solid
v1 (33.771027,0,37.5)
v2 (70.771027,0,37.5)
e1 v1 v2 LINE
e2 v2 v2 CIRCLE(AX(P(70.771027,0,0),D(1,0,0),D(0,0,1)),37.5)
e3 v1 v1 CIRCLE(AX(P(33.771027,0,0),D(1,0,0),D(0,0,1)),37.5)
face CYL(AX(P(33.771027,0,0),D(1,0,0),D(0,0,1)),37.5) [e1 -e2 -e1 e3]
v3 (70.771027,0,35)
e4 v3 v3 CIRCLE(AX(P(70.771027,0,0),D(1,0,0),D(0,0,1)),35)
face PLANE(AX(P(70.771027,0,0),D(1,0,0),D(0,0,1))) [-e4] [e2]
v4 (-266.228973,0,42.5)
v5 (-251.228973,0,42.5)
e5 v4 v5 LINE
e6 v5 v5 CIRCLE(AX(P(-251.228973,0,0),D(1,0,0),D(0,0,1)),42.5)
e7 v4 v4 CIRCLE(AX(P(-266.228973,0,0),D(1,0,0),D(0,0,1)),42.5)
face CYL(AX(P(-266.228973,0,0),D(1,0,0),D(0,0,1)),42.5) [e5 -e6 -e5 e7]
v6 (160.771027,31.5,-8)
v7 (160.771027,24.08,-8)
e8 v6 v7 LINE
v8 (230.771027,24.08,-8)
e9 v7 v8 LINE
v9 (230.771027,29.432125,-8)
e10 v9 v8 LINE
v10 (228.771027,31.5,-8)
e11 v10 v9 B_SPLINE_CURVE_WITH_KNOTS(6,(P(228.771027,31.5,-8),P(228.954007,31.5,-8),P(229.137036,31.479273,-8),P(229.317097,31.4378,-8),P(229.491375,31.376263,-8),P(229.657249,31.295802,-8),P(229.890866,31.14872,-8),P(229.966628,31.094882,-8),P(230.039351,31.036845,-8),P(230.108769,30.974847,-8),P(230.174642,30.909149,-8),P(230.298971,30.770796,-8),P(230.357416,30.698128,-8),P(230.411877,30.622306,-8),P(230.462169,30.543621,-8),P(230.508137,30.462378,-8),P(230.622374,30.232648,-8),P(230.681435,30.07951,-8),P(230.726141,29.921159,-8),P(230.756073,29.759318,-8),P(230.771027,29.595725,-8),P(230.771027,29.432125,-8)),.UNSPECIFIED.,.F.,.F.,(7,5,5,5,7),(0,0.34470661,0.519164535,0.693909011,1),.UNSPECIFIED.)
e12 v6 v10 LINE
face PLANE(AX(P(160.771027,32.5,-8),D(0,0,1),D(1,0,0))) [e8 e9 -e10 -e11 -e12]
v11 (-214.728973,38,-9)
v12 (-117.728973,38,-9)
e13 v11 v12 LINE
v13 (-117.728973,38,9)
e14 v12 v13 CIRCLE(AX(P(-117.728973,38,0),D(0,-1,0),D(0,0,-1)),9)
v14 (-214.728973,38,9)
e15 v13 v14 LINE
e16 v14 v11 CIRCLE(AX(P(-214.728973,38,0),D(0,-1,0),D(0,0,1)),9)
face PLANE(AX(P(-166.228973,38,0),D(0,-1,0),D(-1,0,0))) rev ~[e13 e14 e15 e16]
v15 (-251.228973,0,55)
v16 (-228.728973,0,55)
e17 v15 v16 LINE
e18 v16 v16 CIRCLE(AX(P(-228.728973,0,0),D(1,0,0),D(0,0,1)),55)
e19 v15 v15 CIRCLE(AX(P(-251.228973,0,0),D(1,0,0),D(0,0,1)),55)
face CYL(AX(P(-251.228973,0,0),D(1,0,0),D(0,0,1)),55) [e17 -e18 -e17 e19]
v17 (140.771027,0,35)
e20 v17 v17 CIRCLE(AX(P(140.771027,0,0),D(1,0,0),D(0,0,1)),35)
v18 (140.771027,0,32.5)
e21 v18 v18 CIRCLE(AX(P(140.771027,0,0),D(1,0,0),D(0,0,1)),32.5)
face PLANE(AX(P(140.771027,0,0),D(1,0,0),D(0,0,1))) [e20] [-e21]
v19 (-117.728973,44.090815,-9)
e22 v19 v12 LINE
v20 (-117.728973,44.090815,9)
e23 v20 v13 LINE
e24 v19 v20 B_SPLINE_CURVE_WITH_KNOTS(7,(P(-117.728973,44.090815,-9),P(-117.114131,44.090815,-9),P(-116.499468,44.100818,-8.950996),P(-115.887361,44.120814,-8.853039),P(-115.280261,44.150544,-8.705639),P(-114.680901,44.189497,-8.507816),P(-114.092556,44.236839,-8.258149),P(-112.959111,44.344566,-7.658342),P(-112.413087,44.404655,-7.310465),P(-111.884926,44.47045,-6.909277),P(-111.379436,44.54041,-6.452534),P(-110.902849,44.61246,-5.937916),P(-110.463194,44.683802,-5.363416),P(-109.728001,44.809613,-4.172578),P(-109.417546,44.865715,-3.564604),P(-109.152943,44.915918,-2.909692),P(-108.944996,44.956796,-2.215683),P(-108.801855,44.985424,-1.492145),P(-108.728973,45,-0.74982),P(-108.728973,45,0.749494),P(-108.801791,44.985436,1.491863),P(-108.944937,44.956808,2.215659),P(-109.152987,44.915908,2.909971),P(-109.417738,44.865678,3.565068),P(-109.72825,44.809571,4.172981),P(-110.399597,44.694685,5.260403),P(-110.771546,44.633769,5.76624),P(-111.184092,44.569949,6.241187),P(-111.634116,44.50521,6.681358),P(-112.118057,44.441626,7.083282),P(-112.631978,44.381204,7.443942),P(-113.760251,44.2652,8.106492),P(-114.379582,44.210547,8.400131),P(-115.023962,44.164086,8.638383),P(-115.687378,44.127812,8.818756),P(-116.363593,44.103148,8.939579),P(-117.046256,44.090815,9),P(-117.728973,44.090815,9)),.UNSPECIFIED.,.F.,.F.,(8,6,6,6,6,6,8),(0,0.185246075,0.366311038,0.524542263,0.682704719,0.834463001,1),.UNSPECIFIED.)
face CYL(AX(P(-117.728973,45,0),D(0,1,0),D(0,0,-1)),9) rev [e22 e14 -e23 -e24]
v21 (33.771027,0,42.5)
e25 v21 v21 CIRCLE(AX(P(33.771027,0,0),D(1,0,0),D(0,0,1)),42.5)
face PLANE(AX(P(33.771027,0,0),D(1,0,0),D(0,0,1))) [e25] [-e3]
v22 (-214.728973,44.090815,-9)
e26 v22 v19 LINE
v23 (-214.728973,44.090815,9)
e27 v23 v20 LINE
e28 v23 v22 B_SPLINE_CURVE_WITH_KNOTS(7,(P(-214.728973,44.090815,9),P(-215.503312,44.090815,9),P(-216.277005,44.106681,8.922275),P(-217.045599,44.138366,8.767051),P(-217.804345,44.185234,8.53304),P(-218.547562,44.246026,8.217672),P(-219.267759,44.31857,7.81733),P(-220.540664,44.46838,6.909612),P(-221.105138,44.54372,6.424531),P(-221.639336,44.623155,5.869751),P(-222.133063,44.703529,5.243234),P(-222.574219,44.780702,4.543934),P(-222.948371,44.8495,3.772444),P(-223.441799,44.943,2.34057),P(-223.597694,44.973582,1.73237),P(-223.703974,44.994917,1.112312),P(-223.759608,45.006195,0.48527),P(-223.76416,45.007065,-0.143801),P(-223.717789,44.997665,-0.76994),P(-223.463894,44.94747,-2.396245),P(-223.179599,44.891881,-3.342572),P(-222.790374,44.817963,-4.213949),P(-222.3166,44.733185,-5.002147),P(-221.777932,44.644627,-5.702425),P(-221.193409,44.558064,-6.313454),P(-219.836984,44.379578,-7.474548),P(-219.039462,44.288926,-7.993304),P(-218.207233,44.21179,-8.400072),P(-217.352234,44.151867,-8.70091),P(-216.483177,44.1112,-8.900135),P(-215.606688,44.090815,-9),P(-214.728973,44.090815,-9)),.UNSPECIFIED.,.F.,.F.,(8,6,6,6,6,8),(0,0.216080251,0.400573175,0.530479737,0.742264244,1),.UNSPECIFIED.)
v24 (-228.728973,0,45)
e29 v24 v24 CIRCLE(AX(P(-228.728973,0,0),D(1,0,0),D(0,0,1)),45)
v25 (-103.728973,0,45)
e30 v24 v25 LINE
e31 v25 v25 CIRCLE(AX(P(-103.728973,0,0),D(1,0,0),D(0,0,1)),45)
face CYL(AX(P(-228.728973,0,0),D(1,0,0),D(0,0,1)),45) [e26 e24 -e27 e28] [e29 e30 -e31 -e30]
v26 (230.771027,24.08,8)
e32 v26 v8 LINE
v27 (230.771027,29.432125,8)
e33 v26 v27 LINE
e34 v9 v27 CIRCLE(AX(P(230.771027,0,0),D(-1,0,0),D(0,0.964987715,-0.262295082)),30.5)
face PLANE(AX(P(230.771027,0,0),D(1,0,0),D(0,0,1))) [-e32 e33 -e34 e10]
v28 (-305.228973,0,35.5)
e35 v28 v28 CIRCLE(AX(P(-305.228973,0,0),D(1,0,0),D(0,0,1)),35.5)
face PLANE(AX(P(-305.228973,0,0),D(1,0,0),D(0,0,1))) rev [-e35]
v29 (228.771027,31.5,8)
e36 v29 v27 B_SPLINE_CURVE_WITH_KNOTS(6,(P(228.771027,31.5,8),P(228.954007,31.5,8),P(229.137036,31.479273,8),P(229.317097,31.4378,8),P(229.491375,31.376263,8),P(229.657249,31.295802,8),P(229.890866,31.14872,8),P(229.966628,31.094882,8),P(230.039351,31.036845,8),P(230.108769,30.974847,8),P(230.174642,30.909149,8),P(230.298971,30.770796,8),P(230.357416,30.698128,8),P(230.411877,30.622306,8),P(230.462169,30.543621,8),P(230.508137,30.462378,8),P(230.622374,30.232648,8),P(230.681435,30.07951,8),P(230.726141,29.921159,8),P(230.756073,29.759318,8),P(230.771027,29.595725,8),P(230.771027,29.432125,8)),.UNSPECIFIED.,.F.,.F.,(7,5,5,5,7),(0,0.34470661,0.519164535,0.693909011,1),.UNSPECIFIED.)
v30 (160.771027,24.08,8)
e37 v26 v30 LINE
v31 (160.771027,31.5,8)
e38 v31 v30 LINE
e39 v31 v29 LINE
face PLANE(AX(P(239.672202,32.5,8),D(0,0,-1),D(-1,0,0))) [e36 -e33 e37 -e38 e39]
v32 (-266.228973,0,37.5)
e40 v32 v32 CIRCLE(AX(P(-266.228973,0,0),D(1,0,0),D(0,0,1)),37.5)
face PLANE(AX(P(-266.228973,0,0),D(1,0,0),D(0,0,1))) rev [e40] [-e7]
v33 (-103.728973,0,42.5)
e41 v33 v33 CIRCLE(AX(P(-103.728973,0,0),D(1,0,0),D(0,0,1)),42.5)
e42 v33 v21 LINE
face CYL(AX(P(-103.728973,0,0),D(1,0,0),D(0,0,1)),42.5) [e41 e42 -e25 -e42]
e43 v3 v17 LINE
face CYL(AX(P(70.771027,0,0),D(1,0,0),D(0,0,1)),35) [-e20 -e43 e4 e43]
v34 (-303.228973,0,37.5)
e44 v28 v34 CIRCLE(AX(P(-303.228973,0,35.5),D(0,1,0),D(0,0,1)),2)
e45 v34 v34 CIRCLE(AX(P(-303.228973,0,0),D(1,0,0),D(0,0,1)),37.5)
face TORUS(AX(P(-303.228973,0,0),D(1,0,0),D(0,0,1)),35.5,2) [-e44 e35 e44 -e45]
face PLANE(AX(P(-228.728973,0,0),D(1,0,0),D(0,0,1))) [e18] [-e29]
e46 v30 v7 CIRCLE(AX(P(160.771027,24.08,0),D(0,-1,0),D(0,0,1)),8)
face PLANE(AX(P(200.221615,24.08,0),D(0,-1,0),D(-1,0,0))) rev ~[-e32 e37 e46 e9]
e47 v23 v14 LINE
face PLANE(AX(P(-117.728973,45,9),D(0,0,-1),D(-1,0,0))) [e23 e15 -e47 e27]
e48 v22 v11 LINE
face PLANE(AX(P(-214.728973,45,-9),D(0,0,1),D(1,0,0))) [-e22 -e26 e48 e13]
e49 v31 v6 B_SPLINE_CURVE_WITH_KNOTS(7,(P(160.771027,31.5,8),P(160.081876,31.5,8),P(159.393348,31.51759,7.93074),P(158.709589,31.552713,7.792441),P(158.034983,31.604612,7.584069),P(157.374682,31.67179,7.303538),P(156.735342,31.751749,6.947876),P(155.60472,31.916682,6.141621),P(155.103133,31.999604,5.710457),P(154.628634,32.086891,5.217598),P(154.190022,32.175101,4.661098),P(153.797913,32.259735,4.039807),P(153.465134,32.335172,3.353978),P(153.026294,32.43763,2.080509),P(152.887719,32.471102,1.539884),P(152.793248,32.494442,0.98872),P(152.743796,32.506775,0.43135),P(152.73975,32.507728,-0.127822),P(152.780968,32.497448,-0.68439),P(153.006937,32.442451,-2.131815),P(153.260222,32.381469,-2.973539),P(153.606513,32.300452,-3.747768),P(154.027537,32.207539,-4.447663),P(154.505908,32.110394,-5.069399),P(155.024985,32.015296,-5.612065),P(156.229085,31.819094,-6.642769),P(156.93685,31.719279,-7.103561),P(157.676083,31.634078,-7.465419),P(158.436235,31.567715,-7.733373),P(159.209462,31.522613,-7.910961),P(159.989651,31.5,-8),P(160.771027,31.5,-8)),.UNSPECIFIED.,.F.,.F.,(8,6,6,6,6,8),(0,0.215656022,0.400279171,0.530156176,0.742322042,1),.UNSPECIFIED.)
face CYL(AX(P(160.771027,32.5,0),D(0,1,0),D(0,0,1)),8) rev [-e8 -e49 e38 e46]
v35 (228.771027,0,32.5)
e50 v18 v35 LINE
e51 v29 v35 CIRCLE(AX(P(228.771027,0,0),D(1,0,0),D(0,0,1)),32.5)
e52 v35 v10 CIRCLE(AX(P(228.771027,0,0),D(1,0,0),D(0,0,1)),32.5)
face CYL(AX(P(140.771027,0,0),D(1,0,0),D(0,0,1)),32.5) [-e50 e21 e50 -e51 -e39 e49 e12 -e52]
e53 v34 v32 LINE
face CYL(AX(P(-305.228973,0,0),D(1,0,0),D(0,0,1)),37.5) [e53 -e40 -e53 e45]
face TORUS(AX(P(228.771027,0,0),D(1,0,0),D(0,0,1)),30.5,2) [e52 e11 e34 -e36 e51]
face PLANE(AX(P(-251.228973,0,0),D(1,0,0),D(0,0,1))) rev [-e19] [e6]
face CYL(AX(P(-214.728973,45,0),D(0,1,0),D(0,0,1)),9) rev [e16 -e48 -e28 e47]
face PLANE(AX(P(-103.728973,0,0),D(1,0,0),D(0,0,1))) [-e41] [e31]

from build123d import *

# Parameters (mm, degrees)
FILLET1_R          = 2
CUT_EXTRUDE1_DEPTH = 7
CUT_EXTRUDE2_DEPTH = 8.42


with BuildPart() as part:
    # Sketch1 → Revolve1 (revolve)
    with BuildSketch(Plane.XY, mode=Mode.PRIVATE) as revolve1_sk:
        Polygon((-305.228973115, 0), (-305.228973115, 37.5), (-266.228973115, 37.5), (-266.228973115, 42.5), (-251.228973115, 42.5), (-251.228973115, 55), (-228.728973115, 55), (-228.728973115, 45), (-103.728973115, 45), (-103.728973115, 42.5), (33.771026885, 42.5), (33.771026885, 37.5), (70.771026885, 37.5), (70.771026885, 35), (140.771026885, 35), (140.771026885, 32.5), (230.771026885, 32.5), (230.771026885, 0), align=None)
    revolve(revolve1_sk.sketch.rotate(Axis((-305.228973115, 0, 0), (1, 0, 0)), 90), axis=Axis((-305.228973115, 0, 0), (1, 0, 0)))

    # Fillet1
    fillet1_edges = [part.edges().sort_by_distance(p)[0] for p in [
        (230.771026885, 0, -32.5),
        (-305.228973115, 0, -37.5),
    ]]
    fillet(fillet1_edges, radius=FILLET1_R)

    # Sketch2 → Cut-Extrude1 (cut)
    with BuildSketch(Plane(origin=(0, 45, 0), x_dir=(1, 0, 0), z_dir=(0, 1, 0))):
        with BuildLine():
            Line((-214.728973115, 9), (-117.728973115, 9))
            ThreePointArc((-117.728973115, 9), (-108.728973115, 0), (-117.728973115, -9))
            Line((-117.728973115, -9), (-214.728973115, -9))
            ThreePointArc((-214.728973115, -9), (-223.728973115, 0), (-214.728973115, 9))
        make_face()
    extrude(amount=-CUT_EXTRUDE1_DEPTH, mode=Mode.SUBTRACT)

    # Sketch3 → Cut-Extrude2 (cut)
    with BuildSketch(Plane(origin=(0, 32.5, 0), x_dir=(1, 0, 0), z_dir=(0, 1, 0))):
        with BuildLine():
            Line((160.771026885, 8), (239.672202356, 8))
            ThreePointArc((239.672202356, 8), (247.672202356, 0), (239.672202356, -8))
            Line((239.672202356, -8), (160.771026885, -8))
            ThreePointArc((160.771026885, -8), (152.771026885, 0), (160.771026885, 8))
        make_face()
    extrude(amount=-CUT_EXTRUDE2_DEPTH, mode=Mode.SUBTRACT)


solid = part.part
